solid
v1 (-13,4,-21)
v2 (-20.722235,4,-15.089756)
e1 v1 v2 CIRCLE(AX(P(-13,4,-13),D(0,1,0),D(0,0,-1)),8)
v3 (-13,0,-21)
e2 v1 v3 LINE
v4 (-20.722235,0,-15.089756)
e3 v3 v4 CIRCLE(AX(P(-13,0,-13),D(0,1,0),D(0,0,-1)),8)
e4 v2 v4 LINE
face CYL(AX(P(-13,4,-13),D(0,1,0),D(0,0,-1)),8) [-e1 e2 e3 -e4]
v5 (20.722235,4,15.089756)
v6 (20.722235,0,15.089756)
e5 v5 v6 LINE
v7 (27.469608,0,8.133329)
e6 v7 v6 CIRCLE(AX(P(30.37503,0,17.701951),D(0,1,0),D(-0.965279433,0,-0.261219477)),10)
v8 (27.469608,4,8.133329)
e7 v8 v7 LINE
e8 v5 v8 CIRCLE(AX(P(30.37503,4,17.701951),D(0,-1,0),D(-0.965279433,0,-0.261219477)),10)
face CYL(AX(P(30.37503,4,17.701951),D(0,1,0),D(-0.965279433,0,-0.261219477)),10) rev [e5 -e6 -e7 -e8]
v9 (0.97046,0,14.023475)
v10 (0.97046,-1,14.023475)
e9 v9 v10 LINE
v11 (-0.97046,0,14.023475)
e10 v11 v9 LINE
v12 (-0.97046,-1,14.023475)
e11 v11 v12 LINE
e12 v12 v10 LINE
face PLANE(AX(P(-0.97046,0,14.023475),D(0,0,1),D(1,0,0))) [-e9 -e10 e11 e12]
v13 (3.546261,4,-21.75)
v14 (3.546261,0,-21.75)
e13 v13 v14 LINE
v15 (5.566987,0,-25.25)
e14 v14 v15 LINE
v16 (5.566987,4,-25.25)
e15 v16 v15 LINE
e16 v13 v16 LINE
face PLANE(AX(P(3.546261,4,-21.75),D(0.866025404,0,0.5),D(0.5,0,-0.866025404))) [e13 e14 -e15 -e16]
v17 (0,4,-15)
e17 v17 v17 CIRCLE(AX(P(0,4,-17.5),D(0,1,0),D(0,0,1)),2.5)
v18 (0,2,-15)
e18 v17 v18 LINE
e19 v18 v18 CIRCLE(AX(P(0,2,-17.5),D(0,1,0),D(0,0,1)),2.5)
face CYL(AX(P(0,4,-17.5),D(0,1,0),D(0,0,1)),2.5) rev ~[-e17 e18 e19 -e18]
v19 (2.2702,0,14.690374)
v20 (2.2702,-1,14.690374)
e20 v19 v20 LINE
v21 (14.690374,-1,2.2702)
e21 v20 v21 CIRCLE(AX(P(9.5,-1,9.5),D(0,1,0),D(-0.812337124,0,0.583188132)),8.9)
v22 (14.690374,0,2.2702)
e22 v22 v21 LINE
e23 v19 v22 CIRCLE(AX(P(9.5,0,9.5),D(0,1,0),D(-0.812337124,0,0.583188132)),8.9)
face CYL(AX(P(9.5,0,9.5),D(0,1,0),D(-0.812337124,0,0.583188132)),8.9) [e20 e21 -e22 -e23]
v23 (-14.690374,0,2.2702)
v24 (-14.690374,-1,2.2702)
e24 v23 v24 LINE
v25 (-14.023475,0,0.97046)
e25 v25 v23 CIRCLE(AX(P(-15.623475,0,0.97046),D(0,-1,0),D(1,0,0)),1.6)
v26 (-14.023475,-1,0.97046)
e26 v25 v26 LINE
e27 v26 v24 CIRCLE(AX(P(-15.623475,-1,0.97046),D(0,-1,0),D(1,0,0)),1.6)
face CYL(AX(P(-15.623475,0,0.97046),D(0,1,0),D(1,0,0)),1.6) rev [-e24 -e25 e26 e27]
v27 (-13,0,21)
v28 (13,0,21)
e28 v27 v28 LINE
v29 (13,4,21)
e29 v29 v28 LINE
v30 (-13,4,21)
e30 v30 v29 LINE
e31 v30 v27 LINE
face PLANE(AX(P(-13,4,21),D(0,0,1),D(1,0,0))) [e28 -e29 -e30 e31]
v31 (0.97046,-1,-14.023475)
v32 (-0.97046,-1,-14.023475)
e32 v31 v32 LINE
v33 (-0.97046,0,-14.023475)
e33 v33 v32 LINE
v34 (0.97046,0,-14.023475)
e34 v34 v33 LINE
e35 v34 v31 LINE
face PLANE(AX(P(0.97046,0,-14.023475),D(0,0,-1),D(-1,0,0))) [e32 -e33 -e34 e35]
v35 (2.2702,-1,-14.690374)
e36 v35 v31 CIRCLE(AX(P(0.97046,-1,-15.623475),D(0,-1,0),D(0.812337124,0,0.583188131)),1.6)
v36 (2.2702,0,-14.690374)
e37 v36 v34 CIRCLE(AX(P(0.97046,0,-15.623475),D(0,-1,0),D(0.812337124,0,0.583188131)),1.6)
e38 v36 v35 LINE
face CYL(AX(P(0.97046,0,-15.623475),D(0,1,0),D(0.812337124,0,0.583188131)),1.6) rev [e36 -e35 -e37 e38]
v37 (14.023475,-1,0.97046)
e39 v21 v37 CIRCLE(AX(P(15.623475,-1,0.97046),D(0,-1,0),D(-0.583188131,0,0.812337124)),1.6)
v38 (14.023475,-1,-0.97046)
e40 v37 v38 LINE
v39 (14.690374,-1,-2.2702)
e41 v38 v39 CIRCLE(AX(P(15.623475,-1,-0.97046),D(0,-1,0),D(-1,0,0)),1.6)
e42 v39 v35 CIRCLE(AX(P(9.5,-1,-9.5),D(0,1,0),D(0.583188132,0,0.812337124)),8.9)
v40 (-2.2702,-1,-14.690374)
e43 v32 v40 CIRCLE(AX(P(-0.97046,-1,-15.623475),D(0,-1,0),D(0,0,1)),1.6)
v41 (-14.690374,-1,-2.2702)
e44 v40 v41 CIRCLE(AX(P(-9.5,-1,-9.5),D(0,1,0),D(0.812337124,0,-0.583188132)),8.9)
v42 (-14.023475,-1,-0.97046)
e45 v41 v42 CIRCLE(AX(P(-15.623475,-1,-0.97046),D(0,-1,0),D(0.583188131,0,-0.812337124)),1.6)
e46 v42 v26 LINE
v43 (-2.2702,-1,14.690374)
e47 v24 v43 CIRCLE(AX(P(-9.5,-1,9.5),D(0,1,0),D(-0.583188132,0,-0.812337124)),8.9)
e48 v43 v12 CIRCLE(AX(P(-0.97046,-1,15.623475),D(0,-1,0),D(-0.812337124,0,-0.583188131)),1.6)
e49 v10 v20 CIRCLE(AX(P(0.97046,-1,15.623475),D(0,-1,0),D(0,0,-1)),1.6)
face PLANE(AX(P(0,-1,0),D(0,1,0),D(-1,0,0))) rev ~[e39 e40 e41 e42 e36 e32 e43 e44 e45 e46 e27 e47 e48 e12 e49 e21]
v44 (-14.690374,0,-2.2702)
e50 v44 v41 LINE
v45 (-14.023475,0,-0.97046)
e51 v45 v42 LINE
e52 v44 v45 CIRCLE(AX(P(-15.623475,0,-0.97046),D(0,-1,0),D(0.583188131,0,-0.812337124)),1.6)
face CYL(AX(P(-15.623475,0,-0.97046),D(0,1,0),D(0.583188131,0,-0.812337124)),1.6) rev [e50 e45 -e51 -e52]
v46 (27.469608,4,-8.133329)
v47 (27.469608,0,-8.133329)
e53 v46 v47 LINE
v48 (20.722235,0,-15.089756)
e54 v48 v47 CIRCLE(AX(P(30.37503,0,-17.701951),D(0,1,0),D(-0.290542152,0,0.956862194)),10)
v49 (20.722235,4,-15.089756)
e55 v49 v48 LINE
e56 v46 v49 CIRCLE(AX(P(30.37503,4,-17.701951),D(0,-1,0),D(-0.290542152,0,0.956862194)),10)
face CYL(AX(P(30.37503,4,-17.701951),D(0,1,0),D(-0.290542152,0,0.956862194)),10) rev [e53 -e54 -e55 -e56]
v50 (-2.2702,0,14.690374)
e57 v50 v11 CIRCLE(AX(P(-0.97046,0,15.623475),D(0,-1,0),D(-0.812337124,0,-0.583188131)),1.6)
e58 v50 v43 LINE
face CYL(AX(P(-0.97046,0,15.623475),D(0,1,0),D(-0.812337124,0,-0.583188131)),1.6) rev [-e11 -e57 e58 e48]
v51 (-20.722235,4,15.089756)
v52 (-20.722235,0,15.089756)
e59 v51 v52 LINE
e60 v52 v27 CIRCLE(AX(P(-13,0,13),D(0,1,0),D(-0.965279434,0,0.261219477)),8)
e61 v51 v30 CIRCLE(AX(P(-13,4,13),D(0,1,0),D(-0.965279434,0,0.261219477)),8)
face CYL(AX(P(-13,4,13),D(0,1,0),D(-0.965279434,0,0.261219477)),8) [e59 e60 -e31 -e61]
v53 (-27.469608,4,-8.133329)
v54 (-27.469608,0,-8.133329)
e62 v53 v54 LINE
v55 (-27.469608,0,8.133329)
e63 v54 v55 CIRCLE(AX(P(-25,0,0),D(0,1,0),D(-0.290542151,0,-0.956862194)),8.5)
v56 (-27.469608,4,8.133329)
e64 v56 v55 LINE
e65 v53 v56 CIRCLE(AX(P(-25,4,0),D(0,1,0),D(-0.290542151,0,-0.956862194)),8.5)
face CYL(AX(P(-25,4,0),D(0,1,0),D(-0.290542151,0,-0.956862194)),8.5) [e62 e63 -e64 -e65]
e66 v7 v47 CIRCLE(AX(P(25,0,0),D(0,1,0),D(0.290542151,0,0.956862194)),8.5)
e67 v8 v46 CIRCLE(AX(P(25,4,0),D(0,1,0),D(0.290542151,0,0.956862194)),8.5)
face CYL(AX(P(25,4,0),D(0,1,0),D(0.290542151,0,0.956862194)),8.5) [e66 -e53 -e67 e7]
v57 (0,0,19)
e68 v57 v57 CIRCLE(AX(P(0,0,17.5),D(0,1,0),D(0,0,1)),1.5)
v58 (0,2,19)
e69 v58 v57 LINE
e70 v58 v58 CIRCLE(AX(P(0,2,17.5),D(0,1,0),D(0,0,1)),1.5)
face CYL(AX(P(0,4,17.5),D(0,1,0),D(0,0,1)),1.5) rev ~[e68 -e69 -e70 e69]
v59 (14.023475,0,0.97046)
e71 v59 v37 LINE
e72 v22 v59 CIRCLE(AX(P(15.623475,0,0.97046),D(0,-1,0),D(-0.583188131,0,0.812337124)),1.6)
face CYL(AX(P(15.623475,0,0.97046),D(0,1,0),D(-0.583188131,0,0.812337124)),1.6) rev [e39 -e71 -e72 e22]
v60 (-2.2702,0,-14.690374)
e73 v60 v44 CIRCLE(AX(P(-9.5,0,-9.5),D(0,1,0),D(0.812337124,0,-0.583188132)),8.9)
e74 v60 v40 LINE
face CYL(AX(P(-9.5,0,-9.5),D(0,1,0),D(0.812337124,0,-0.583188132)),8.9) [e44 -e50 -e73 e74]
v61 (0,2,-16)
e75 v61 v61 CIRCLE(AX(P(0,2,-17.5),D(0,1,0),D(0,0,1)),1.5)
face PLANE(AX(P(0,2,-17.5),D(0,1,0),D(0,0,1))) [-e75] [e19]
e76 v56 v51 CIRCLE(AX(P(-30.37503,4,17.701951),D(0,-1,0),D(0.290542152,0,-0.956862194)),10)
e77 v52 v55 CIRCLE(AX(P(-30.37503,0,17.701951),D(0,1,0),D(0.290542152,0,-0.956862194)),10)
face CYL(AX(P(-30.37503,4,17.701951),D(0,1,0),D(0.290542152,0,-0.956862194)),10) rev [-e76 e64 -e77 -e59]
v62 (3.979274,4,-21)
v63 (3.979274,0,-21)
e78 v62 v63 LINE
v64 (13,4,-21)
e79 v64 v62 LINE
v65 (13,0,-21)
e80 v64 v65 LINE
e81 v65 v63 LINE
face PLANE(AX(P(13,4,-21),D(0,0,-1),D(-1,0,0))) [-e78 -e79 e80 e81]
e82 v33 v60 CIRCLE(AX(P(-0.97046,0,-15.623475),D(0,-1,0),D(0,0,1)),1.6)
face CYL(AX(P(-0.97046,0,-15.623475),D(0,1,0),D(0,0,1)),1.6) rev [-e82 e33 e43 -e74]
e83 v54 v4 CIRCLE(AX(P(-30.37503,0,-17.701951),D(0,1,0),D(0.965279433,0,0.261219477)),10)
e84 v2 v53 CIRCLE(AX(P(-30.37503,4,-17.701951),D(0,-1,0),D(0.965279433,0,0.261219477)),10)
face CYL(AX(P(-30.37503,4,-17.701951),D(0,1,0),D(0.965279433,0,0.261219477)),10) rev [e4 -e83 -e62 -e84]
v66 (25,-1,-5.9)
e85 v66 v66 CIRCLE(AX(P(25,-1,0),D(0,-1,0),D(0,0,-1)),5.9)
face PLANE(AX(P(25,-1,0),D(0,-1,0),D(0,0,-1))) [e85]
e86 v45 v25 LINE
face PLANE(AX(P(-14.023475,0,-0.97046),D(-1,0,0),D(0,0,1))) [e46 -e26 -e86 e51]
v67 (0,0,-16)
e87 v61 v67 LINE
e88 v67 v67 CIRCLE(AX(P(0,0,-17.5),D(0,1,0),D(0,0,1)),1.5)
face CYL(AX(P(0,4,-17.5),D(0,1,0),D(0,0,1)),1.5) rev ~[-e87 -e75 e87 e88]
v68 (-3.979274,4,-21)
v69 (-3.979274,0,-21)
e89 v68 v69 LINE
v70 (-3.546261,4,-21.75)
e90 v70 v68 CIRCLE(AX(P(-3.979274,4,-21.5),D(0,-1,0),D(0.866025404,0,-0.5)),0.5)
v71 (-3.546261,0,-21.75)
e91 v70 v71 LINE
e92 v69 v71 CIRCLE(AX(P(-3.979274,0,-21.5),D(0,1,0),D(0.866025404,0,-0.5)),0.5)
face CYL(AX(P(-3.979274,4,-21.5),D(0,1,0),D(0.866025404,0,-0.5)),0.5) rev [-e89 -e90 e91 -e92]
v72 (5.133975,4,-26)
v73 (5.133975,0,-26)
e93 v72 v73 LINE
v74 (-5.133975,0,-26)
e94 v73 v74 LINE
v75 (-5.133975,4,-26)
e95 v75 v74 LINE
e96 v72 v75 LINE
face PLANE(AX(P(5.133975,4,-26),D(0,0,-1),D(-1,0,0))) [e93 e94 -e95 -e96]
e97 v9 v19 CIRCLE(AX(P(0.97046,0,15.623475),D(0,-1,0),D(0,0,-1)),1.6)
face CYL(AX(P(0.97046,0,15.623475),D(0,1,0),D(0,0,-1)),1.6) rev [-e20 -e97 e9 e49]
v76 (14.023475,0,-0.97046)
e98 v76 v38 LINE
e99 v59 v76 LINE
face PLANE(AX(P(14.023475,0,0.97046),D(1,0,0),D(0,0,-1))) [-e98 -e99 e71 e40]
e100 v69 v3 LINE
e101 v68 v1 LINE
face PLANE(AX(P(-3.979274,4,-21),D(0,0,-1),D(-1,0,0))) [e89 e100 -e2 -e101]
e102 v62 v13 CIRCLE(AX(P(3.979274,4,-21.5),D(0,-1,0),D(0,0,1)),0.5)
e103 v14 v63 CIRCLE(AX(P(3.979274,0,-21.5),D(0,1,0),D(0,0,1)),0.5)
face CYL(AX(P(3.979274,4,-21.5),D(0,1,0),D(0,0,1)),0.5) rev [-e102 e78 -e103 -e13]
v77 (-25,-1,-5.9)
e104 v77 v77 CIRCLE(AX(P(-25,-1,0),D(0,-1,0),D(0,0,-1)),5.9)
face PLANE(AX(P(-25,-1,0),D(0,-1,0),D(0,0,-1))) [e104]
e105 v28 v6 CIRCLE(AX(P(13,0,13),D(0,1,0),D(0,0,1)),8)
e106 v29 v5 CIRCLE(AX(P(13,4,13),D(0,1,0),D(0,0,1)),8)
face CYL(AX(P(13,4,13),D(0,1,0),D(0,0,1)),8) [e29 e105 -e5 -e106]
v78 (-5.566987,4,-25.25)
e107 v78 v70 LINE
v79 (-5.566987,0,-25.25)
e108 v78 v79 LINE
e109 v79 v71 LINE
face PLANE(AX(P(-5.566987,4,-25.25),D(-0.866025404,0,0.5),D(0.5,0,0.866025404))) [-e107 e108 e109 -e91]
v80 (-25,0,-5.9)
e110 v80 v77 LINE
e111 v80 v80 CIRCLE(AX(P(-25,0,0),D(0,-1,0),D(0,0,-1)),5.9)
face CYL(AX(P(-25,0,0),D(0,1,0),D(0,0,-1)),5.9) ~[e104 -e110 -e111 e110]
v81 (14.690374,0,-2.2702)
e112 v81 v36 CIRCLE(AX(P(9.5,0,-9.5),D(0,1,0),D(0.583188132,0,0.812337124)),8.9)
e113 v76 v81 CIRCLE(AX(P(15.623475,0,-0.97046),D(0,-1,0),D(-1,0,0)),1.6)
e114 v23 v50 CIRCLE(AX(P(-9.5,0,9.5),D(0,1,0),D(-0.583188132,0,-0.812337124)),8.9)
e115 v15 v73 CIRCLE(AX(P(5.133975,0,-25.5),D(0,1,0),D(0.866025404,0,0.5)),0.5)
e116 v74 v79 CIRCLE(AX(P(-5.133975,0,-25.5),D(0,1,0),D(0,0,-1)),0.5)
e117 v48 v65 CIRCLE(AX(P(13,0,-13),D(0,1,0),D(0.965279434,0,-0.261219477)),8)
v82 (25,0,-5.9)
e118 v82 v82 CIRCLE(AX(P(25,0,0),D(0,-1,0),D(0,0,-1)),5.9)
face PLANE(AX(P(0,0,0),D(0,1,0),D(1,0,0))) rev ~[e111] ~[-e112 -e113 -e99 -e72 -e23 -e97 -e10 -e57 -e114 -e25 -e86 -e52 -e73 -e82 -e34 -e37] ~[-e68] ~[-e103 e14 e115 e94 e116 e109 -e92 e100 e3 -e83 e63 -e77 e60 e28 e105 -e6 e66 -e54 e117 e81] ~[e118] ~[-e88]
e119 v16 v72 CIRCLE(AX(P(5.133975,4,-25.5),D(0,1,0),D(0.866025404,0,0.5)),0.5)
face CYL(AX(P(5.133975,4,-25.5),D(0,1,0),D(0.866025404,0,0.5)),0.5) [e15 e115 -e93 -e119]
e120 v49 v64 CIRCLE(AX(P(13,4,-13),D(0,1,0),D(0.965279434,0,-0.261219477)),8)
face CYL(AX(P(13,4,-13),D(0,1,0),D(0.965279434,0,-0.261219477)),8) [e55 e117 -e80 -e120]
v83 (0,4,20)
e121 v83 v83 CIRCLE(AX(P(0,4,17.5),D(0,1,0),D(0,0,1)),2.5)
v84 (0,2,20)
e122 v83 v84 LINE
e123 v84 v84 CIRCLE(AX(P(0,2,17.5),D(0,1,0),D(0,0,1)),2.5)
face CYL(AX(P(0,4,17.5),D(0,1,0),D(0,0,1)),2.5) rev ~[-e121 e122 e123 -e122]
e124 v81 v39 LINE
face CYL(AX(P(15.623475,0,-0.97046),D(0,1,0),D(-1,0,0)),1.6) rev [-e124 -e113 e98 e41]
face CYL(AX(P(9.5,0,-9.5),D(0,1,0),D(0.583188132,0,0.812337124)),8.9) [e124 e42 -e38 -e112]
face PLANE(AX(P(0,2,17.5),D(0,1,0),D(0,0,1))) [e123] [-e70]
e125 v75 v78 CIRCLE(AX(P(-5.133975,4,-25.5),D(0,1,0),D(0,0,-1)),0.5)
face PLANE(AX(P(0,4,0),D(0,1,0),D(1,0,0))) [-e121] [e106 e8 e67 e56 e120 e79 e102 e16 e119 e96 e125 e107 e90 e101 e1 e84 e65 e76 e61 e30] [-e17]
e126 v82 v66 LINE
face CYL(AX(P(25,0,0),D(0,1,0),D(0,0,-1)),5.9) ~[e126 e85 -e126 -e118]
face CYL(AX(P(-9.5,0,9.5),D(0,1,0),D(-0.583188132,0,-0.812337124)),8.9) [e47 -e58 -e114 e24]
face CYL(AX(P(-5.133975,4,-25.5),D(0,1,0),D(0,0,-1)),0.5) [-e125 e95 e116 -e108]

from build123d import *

# Parameters (mm, degrees)
SKETCH_1_W          = 100
SKETCH_1_H          = 100
EXTRUDE_1_DEPTH     = 4
SKETCH_4_W          = 100
SKETCH_4_H          = 100
CUT_EXTRUDE_1_DEPTH = 71.823724839
SKETCH_5_R          = 5.9
EXTRUDE_2_DEPTH     = 1
SKETCH_6_R          = 1.5
SKETCH_6_R_2        = 1
CUT_EXTRUDE_2_DEPTH = 43.699531613
SKETCH_7_R          = 2.5
CUT_EXTRUDE_3_DEPTH = 2


with BuildPart() as part:
    # Эскиз1 → Бобышка-Вытянуть1 (new body)
    with BuildSketch(Plane(origin=(0, 0, 0), x_dir=(1, 0, 0), z_dir=(0, 1, 0))):
        Rectangle(SKETCH_1_W, SKETCH_1_H)
    extrude(amount=EXTRUDE_1_DEPTH)

    # Эскиз4 → Вырез-Вытянуть1 (cut, through all)
    with BuildSketch(Plane(origin=(0, 4, 0), x_dir=(1, 0, 0), z_dir=(0, 1, 0))):
        Rectangle(SKETCH_4_W, SKETCH_4_H)
        with BuildLine():
            Line((3.546261356, 21.75), (5.566987298, 25.25))
            ThreePointArc((5.566987298, 25.25), (5.566987298, 25.75), (5.133974596, 26))
            Line((5.133974596, 26), (-5.133974596, 26))
            ThreePointArc((-5.133974596, 26), (-5.566987298, 25.75), (-5.566987298, 25.25))
            Line((-5.566987298, 25.25), (-3.546261356, 21.75))
            ThreePointArc((-3.546261356, 21.75), (-3.546261356, 21.25), (-3.979274058, 21))
            Line((-3.979274058, 21), (-13, 21))
            ThreePointArc((-13, 21), (-17.862198755, 19.352875197), (-20.722235468, 15.089755817))
            ThreePointArc((-20.722235468, 15.089755817), (-23.196926567, 10.739563503), (-27.469608288, 8.133328648))
            ThreePointArc((-27.469608288, 8.133328648), (-33.5, 0), (-27.469608288, -8.133328648))
            ThreePointArc((-27.469608288, -8.133328648), (-23.196926567, -10.739563503), (-20.722235468, -15.089755817))
            ThreePointArc((-20.722235468, -15.089755817), (-17.862198755, -19.352875197), (-13, -21))
            Line((-13, -21), (13, -21))
            ThreePointArc((13, -21), (17.862198755, -19.352875197), (20.722235468, -15.089755817))
            ThreePointArc((20.722235468, -15.089755817), (23.196926567, -10.739563503), (27.469608288, -8.133328648))
            ThreePointArc((27.469608288, -8.133328648), (33.5, 0), (27.469608288, 8.133328648))
            ThreePointArc((27.469608288, 8.133328648), (23.196926567, 10.739563503), (20.722235468, 15.089755817))
            ThreePointArc((20.722235468, 15.089755817), (17.862198755, 19.352875197), (13, 21))
            Line((13, 21), (3.979274058, 21))
            ThreePointArc((3.979274058, 21), (3.546261356, 21.25), (3.546261356, 21.75))
        make_face(mode=Mode.SUBTRACT)
    extrude(amount=-CUT_EXTRUDE_1_DEPTH, mode=Mode.SUBTRACT)

    # Эскиз5 → Бобышка-Вытянуть2 (add)
    with BuildSketch(Plane.XZ):
        with Locations(Location((25, 0, 0), (0, 0, 270))):
            Circle(SKETCH_5_R)
        with Locations(Location((-25, 0, 0), (0, 0, 270))):
            Circle(SKETCH_5_R)
        with BuildLine():
            Line((-0.970460198, 14.023475383), (0.970460198, 14.023475383))
            ThreePointArc((0.970460198, 14.023475383), (1.700884179, 14.199930228), (2.270199596, 14.690374372))
            ThreePointArc((2.270199596, 14.690374372), (15.793250353, 15.793250353), (14.690374372, 2.270199596))
            ThreePointArc((14.690374372, 2.270199596), (14.199930228, 1.700884179), (14.023475383, 0.970460198))
            Line((14.023475383, 0.970460198), (14.023475383, -0.970460198))
            ThreePointArc((14.023475383, -0.970460198), (14.199930228, -1.700884179), (14.690374372, -2.270199596))
            ThreePointArc((14.690374372, -2.270199596), (15.793250353, -15.793250353), (2.270199596, -14.690374372))
            ThreePointArc((2.270199596, -14.690374372), (1.700884179, -14.199930228), (0.970460198, -14.023475383))
            Line((0.970460198, -14.023475383), (-0.970460198, -14.023475383))
            ThreePointArc((-0.970460198, -14.023475383), (-1.700884179, -14.199930228), (-2.270199596, -14.690374372))
            ThreePointArc((-2.270199596, -14.690374372), (-15.793250353, -15.793250353), (-14.690374372, -2.270199596))
            ThreePointArc((-14.690374372, -2.270199596), (-14.199930228, -1.700884179), (-14.023475383, -0.970460198))
            Line((-14.023475383, -0.970460198), (-14.023475383, 0.970460198))
            ThreePointArc((-14.023475383, 0.970460198), (-14.199930228, 1.700884179), (-14.690374372, 2.270199596))
            ThreePointArc((-14.690374372, 2.270199596), (-15.793250353, 15.793250353), (-2.270199596, 14.690374372))
            ThreePointArc((-2.270199596, 14.690374372), (-1.700884179, 14.199930228), (-0.970460198, 14.023475383))
        make_face()
    extrude(amount=EXTRUDE_2_DEPTH)

    # Эскиз6 → Вырез-Вытянуть2 (cut, through all)
    # profile 1 of 4: a face of its own
    with BuildSketch(Plane(origin=(0, 4, 0), x_dir=(1, 0, 0), z_dir=(0, 1, 0))):
        with Locations(Location((0, 17.5, 0), (0, 0, 270))):
            Circle(SKETCH_6_R)
        with Locations((0, 17.5)):
            Circle(SKETCH_6_R_2, mode=Mode.SUBTRACT)
    # profile 2 of 4: a face of its own
    with BuildSketch(Plane(origin=(0, 4, 0), x_dir=(1, 0, 0), z_dir=(0, 1, 0))):
        with Locations((0, 17.5)):
            Circle(SKETCH_6_R_2)
    # profile 3 of 4: a face of its own
    with BuildSketch(Plane(origin=(0, 4, 0), x_dir=(1, 0, 0), z_dir=(0, 1, 0))):
        with Locations(Location((0, -17.5, 0), (0, 0, 270))):
            Circle(SKETCH_6_R)
        with Locations((0, -17.5)):
            Circle(SKETCH_6_R_2, mode=Mode.SUBTRACT)
    # profile 4 of 4: a face of its own
    with BuildSketch(Plane(origin=(0, 4, 0), x_dir=(1, 0, 0), z_dir=(0, 1, 0))):
        with Locations((0, -17.5)):
            Circle(SKETCH_6_R_2)
    extrude(amount=-CUT_EXTRUDE_2_DEPTH, mode=Mode.SUBTRACT)

    # Эскиз7 → Вырез-Вытянуть3 (cut)
    with BuildSketch(Plane(origin=(0, 4, 0), x_dir=(1, 0, 0), z_dir=(0, 1, 0))):
        with Locations(Location((0, 17.5, 0), (0, 0, 270))):
            Circle(SKETCH_7_R)
        with Locations(Location((0, -17.5, 0), (0, 0, 270))):
            Circle(SKETCH_7_R)
    extrude(amount=-CUT_EXTRUDE_3_DEPTH, mode=Mode.SUBTRACT)


solid = part.part
